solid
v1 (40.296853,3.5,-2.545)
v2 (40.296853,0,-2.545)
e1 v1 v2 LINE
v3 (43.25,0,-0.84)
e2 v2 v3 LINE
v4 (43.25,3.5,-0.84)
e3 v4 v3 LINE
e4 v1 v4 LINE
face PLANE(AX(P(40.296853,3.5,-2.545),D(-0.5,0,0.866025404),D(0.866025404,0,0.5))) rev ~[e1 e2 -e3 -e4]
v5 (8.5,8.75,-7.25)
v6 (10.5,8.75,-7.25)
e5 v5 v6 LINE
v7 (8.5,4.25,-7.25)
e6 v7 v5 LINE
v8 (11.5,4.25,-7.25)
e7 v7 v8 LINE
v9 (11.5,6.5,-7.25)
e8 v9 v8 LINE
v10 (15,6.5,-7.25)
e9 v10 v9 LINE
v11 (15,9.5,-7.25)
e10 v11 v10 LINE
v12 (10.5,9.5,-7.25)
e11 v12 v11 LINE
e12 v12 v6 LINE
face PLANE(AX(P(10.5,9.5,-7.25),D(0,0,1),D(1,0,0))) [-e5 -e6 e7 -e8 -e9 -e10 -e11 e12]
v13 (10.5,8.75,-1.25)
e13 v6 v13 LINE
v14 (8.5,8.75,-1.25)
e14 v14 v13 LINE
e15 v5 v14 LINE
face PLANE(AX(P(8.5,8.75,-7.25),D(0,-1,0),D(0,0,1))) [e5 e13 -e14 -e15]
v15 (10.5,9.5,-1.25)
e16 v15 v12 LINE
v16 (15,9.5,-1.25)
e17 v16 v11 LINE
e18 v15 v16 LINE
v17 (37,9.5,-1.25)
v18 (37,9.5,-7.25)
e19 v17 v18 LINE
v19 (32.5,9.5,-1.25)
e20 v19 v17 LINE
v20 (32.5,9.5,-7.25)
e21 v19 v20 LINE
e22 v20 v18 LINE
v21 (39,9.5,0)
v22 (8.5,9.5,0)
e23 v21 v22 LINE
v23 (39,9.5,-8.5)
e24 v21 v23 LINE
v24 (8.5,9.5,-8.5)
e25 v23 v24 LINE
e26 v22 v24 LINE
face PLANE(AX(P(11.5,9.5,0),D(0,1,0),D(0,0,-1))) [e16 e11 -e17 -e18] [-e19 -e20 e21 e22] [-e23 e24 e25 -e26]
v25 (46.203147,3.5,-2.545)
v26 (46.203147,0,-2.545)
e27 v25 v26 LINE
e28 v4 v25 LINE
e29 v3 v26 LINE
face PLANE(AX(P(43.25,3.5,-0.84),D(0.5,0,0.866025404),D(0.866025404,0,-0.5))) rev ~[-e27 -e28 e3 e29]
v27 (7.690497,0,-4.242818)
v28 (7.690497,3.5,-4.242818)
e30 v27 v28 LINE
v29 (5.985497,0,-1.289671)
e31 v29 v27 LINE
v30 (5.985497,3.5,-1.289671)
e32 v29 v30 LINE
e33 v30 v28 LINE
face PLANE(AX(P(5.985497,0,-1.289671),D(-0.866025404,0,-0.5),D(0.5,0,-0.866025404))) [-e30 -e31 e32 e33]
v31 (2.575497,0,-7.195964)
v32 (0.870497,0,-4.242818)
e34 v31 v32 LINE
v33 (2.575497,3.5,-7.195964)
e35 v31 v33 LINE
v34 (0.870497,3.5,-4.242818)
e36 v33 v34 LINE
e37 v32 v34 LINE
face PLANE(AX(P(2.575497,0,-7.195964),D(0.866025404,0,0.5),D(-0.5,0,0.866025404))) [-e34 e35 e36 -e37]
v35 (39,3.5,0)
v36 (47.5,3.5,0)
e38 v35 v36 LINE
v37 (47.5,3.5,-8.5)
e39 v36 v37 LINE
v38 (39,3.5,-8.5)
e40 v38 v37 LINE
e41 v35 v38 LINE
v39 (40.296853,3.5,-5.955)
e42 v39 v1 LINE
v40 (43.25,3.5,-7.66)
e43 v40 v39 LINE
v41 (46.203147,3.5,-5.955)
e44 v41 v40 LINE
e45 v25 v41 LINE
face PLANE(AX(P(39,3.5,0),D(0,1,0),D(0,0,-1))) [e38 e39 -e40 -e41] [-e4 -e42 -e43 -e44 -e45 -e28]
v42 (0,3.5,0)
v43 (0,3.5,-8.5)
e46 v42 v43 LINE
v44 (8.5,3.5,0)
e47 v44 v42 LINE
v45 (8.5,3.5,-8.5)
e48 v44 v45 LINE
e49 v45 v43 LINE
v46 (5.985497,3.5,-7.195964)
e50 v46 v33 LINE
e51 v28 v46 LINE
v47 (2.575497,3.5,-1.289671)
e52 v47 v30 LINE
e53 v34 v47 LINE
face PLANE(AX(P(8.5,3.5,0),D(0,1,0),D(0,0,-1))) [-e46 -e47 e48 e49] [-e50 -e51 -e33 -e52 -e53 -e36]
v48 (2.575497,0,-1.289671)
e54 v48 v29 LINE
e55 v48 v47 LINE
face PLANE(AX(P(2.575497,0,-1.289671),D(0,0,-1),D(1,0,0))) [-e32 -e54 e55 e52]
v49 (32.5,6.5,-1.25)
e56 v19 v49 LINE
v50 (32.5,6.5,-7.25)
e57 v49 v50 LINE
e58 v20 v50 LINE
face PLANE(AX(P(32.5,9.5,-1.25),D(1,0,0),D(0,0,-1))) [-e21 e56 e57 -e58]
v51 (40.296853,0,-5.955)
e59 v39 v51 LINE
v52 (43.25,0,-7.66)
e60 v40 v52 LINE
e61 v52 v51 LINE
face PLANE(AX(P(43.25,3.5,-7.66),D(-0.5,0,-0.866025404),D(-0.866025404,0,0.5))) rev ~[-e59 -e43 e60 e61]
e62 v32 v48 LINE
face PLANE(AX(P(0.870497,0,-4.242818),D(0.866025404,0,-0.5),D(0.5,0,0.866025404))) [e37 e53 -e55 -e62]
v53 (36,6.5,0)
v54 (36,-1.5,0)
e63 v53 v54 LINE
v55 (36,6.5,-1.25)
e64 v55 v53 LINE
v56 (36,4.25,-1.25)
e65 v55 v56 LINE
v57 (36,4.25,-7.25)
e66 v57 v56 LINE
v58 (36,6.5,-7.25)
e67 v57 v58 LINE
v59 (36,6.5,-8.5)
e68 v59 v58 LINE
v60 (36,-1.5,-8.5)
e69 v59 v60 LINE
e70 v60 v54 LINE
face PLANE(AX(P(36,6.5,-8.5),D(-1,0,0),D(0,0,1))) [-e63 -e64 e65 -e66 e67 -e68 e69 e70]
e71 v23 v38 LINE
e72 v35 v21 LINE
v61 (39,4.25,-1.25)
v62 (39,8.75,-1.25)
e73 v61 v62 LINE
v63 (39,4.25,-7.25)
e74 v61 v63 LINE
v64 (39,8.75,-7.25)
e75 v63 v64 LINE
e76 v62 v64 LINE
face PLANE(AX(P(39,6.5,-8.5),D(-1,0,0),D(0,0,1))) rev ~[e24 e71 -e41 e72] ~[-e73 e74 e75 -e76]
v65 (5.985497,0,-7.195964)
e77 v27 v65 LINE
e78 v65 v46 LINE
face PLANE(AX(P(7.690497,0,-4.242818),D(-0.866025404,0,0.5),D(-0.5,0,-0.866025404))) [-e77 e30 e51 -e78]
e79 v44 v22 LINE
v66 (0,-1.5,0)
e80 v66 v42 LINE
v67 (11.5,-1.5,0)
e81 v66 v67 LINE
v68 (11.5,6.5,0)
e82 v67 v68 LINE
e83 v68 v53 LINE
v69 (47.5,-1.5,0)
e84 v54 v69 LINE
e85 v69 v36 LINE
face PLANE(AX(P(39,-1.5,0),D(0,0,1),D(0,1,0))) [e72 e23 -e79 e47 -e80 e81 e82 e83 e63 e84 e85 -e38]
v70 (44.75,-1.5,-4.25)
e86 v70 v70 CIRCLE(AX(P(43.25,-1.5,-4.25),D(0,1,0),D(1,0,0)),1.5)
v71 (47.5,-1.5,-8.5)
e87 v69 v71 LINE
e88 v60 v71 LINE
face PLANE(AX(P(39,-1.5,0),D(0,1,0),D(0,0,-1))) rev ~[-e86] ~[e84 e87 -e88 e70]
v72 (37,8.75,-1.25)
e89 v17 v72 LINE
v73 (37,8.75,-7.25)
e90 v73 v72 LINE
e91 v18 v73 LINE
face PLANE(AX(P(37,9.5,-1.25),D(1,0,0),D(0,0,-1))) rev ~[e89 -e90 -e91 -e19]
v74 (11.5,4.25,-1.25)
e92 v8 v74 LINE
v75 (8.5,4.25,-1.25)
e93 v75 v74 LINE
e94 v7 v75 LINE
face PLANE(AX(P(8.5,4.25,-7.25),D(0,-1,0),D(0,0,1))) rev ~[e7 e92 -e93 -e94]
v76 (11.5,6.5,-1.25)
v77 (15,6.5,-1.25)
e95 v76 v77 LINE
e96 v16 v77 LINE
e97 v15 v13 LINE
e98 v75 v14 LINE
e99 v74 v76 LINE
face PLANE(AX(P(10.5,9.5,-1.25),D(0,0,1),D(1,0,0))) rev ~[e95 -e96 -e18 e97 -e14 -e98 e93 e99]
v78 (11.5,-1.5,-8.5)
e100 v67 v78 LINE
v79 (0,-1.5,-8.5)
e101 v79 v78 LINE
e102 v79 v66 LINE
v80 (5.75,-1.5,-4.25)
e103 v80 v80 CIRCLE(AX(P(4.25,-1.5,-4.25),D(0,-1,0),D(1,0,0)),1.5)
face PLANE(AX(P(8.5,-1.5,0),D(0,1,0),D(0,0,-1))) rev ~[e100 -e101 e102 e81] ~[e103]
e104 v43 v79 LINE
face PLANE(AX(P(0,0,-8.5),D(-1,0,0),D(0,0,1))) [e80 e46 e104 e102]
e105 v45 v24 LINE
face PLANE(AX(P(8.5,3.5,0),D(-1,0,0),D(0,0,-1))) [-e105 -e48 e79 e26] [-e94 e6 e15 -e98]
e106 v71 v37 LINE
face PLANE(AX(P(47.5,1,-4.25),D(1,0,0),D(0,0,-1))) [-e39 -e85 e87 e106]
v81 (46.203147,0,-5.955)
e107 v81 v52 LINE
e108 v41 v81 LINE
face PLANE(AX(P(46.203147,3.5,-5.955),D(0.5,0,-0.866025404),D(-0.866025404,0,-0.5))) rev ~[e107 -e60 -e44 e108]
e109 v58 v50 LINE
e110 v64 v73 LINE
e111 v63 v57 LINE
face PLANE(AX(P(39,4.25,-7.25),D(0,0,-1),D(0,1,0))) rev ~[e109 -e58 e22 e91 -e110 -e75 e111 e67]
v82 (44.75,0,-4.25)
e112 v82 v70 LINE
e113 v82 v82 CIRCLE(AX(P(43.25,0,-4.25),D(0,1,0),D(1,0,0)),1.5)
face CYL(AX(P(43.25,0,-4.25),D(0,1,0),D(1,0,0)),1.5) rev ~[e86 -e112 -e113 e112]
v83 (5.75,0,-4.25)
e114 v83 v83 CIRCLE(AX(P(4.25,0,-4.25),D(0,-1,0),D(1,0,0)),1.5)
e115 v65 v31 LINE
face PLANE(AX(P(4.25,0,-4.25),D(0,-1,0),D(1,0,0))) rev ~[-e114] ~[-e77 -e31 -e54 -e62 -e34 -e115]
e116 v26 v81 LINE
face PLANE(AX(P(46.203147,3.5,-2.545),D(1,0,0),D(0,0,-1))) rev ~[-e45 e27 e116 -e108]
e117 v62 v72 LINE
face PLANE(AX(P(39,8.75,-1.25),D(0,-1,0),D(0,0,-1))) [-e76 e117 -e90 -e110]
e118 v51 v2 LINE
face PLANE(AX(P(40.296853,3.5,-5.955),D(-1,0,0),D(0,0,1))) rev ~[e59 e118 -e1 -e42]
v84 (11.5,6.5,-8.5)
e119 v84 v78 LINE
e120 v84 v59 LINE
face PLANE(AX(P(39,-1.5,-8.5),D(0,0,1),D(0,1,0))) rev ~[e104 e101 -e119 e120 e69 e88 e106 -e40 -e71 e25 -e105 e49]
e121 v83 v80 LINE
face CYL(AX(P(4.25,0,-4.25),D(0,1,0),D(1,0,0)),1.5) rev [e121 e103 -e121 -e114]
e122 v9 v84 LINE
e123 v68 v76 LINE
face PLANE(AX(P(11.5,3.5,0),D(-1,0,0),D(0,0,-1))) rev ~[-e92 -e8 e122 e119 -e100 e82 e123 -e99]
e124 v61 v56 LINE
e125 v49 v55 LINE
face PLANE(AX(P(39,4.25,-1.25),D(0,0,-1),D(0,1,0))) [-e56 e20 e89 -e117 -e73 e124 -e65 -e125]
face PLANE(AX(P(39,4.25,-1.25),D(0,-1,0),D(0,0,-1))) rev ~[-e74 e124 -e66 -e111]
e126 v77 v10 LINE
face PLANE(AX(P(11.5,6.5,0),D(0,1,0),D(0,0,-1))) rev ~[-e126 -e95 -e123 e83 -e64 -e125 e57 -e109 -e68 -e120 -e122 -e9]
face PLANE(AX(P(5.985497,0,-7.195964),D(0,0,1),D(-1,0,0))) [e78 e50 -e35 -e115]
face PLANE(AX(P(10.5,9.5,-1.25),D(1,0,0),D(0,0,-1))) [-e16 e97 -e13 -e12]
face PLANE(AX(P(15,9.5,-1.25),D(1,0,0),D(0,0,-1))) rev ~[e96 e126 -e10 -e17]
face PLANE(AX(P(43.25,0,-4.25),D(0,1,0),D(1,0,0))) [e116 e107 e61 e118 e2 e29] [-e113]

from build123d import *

# Parameters (mm, degrees)
SKETCH1_W           = 8.5
SKETCH1_H           = 8.5
BOSS_EXTRUDE1_DEPTH = 3.5
SKETCH2_W           = 8.5
SKETCH2_H           = 8.5
SKETCH2_R           = 1.5
BOSS_EXTRUDE2_DEPTH = 1.5
SKETCH3_W           = 8.5
SKETCH3_H           = 5
BOSS_EXTRUDE3_DEPTH = 3
SKETCH4_W           = 3
SKETCH4_H           = 8.5
BOSS_EXTRUDE4_DEPTH = 6
SKETCH5_W           = 8.5
SKETCH5_H           = 3
BOSS_EXTRUDE5_DEPTH = 27.5
SKETCH6_W           = 3
SKETCH6_H           = 8.5
BOSS_EXTRUDE6_DEPTH = 8
SKETCH7_W           = 8.5
SKETCH7_H           = 5
BOSS_EXTRUDE7_DEPTH = 8.5
CUT_EXTRUDE1_DEPTH  = 3.5
SKETCH10_R          = 1.5
CUT_EXTRUDE3_DEPTH  = 3.5
SKETCH11_W          = 6
SKETCH11_H          = 4.5
CUT_EXTRUDE4_DEPTH  = 3.5
SKETCH12_W          = 4.5
SKETCH12_H          = 6
CUT_EXTRUDE5_DEPTH  = 3.5
SKETCH13_W          = 6
SKETCH13_H          = 4.5
CUT_EXTRUDE6_DEPTH  = 3.5
SKETCH14_W          = 4.5
SKETCH14_H          = 6
CUT_EXTRUDE7_DEPTH  = 3.5


with BuildPart() as part:
    # Sketch1 → Boss-Extrude1 (new body)
    with BuildSketch(Plane(origin=(0, 0, 0), x_dir=(1, 0, 0), z_dir=(0, 1, 0))):
        with Locations((4.25, 4.25)):
            Rectangle(SKETCH1_W, SKETCH1_H)
        Polygon((5.985496764, 7.195964334), (2.575496764, 7.195964334), (0.870496764, 4.242817707), (2.575496764, 1.28967108), (5.985496764, 1.28967108), (7.690496764, 4.242817707), align=None, mode=Mode.SUBTRACT)
    extrude(amount=BOSS_EXTRUDE1_DEPTH)

    # Sketch2 → Boss-Extrude2 (add)
    with BuildSketch(Plane.XZ):
        with Locations((4.25, -4.25)):
            Rectangle(SKETCH2_W, SKETCH2_H)
        with Locations((4.25, -4.25)):
            Circle(SKETCH2_R, mode=Mode.SUBTRACT)
    extrude(amount=BOSS_EXTRUDE2_DEPTH)

    # Sketch3 → Boss-Extrude3 (add)
    with BuildSketch(Plane(origin=(8.5, 0, 0), x_dir=(0, 0, -1), z_dir=(1, 0, 0))):
        with Locations((4.25, 1)):
            Rectangle(SKETCH3_W, SKETCH3_H)
    extrude(amount=BOSS_EXTRUDE3_DEPTH)

    # Sketch4 → Boss-Extrude4 (add)
    with BuildSketch(Plane(origin=(0, 3.5, 0), x_dir=(1, 0, 0), z_dir=(0, 1, 0))):
        with Locations((10, 4.25)):
            Rectangle(SKETCH4_W, SKETCH4_H)
    extrude(amount=BOSS_EXTRUDE4_DEPTH)

    # Sketch5 → Boss-Extrude5 (add)
    with BuildSketch(Plane(origin=(11.5, 0, 0), x_dir=(0, 0, -1), z_dir=(1, 0, 0))):
        with Locations((4.25, 8)):
            Rectangle(SKETCH5_W, SKETCH5_H)
    extrude(amount=BOSS_EXTRUDE5_DEPTH)

    # Sketch6 → Boss-Extrude6 (add)
    with BuildSketch(Plane.XZ.offset(-6.5)):
        with Locations((37.5, -4.25)):
            Rectangle(SKETCH6_W, SKETCH6_H)
    extrude(amount=BOSS_EXTRUDE6_DEPTH)

    # Sketch7 → Boss-Extrude7 (add)
    with BuildSketch(Plane(origin=(39, 0, 0), x_dir=(0, 0, -1), z_dir=(1, 0, 0))):
        with Locations((4.25, 1)):
            Rectangle(SKETCH7_W, SKETCH7_H)
    extrude(amount=BOSS_EXTRUDE7_DEPTH)

    # Sketch8 → Cut-Extrude1 (cut)
    with BuildSketch(Plane(origin=(0, 3.5, 0), x_dir=(1, 0, 0), z_dir=(0, 1, 0))):
        Polygon((46.203146627, 5.955), (43.25, 7.66), (40.296853373, 5.955), (40.296853373, 2.545), (43.25, 0.84), (46.203146627, 2.545), align=None)
    extrude(amount=-CUT_EXTRUDE1_DEPTH, mode=Mode.SUBTRACT)

    # Sketch10 → Cut-Extrude3 (cut)
    with BuildSketch(Plane(origin=(0, 0, 0), x_dir=(1, 0, 0), z_dir=(0, 1, 0))):
        with Locations((43.25, 4.25)):
            Circle(SKETCH10_R)
    extrude(amount=-CUT_EXTRUDE3_DEPTH, mode=Mode.SUBTRACT)

    # Sketch11 → Cut-Extrude4 (cut)
    with BuildSketch(Plane.ZY.offset(-8.5)):
        with Locations((-4.25, 6.5)):
            Rectangle(SKETCH11_W, SKETCH11_H)
    extrude(amount=-CUT_EXTRUDE4_DEPTH, mode=Mode.SUBTRACT)

    # Sketch12 → Cut-Extrude5 (cut)
    with BuildSketch(Plane(origin=(0, 9.5, 0), x_dir=(1, 0, 0), z_dir=(0, 1, 0))):
        with Locations((12.75, 4.25)):
            Rectangle(SKETCH12_W, SKETCH12_H)
    extrude(amount=-CUT_EXTRUDE5_DEPTH, mode=Mode.SUBTRACT)

    # Sketch13 → Cut-Extrude6 (cut)
    with BuildSketch(Plane(origin=(39, 0, 0), x_dir=(0, 0, -1), z_dir=(1, 0, 0))):
        with Locations((4.25, 6.5)):
            Rectangle(SKETCH13_W, SKETCH13_H)
    extrude(amount=-CUT_EXTRUDE6_DEPTH, mode=Mode.SUBTRACT)

    # Sketch14 → Cut-Extrude7 (cut)
    with BuildSketch(Plane(origin=(0, 9.5, 0), x_dir=(1, 0, 0), z_dir=(0, 1, 0))):
        with Locations((34.75, 4.25)):
            Rectangle(SKETCH14_W, SKETCH14_H)
    extrude(amount=-CUT_EXTRUDE7_DEPTH, mode=Mode.SUBTRACT)


solid = part.part
